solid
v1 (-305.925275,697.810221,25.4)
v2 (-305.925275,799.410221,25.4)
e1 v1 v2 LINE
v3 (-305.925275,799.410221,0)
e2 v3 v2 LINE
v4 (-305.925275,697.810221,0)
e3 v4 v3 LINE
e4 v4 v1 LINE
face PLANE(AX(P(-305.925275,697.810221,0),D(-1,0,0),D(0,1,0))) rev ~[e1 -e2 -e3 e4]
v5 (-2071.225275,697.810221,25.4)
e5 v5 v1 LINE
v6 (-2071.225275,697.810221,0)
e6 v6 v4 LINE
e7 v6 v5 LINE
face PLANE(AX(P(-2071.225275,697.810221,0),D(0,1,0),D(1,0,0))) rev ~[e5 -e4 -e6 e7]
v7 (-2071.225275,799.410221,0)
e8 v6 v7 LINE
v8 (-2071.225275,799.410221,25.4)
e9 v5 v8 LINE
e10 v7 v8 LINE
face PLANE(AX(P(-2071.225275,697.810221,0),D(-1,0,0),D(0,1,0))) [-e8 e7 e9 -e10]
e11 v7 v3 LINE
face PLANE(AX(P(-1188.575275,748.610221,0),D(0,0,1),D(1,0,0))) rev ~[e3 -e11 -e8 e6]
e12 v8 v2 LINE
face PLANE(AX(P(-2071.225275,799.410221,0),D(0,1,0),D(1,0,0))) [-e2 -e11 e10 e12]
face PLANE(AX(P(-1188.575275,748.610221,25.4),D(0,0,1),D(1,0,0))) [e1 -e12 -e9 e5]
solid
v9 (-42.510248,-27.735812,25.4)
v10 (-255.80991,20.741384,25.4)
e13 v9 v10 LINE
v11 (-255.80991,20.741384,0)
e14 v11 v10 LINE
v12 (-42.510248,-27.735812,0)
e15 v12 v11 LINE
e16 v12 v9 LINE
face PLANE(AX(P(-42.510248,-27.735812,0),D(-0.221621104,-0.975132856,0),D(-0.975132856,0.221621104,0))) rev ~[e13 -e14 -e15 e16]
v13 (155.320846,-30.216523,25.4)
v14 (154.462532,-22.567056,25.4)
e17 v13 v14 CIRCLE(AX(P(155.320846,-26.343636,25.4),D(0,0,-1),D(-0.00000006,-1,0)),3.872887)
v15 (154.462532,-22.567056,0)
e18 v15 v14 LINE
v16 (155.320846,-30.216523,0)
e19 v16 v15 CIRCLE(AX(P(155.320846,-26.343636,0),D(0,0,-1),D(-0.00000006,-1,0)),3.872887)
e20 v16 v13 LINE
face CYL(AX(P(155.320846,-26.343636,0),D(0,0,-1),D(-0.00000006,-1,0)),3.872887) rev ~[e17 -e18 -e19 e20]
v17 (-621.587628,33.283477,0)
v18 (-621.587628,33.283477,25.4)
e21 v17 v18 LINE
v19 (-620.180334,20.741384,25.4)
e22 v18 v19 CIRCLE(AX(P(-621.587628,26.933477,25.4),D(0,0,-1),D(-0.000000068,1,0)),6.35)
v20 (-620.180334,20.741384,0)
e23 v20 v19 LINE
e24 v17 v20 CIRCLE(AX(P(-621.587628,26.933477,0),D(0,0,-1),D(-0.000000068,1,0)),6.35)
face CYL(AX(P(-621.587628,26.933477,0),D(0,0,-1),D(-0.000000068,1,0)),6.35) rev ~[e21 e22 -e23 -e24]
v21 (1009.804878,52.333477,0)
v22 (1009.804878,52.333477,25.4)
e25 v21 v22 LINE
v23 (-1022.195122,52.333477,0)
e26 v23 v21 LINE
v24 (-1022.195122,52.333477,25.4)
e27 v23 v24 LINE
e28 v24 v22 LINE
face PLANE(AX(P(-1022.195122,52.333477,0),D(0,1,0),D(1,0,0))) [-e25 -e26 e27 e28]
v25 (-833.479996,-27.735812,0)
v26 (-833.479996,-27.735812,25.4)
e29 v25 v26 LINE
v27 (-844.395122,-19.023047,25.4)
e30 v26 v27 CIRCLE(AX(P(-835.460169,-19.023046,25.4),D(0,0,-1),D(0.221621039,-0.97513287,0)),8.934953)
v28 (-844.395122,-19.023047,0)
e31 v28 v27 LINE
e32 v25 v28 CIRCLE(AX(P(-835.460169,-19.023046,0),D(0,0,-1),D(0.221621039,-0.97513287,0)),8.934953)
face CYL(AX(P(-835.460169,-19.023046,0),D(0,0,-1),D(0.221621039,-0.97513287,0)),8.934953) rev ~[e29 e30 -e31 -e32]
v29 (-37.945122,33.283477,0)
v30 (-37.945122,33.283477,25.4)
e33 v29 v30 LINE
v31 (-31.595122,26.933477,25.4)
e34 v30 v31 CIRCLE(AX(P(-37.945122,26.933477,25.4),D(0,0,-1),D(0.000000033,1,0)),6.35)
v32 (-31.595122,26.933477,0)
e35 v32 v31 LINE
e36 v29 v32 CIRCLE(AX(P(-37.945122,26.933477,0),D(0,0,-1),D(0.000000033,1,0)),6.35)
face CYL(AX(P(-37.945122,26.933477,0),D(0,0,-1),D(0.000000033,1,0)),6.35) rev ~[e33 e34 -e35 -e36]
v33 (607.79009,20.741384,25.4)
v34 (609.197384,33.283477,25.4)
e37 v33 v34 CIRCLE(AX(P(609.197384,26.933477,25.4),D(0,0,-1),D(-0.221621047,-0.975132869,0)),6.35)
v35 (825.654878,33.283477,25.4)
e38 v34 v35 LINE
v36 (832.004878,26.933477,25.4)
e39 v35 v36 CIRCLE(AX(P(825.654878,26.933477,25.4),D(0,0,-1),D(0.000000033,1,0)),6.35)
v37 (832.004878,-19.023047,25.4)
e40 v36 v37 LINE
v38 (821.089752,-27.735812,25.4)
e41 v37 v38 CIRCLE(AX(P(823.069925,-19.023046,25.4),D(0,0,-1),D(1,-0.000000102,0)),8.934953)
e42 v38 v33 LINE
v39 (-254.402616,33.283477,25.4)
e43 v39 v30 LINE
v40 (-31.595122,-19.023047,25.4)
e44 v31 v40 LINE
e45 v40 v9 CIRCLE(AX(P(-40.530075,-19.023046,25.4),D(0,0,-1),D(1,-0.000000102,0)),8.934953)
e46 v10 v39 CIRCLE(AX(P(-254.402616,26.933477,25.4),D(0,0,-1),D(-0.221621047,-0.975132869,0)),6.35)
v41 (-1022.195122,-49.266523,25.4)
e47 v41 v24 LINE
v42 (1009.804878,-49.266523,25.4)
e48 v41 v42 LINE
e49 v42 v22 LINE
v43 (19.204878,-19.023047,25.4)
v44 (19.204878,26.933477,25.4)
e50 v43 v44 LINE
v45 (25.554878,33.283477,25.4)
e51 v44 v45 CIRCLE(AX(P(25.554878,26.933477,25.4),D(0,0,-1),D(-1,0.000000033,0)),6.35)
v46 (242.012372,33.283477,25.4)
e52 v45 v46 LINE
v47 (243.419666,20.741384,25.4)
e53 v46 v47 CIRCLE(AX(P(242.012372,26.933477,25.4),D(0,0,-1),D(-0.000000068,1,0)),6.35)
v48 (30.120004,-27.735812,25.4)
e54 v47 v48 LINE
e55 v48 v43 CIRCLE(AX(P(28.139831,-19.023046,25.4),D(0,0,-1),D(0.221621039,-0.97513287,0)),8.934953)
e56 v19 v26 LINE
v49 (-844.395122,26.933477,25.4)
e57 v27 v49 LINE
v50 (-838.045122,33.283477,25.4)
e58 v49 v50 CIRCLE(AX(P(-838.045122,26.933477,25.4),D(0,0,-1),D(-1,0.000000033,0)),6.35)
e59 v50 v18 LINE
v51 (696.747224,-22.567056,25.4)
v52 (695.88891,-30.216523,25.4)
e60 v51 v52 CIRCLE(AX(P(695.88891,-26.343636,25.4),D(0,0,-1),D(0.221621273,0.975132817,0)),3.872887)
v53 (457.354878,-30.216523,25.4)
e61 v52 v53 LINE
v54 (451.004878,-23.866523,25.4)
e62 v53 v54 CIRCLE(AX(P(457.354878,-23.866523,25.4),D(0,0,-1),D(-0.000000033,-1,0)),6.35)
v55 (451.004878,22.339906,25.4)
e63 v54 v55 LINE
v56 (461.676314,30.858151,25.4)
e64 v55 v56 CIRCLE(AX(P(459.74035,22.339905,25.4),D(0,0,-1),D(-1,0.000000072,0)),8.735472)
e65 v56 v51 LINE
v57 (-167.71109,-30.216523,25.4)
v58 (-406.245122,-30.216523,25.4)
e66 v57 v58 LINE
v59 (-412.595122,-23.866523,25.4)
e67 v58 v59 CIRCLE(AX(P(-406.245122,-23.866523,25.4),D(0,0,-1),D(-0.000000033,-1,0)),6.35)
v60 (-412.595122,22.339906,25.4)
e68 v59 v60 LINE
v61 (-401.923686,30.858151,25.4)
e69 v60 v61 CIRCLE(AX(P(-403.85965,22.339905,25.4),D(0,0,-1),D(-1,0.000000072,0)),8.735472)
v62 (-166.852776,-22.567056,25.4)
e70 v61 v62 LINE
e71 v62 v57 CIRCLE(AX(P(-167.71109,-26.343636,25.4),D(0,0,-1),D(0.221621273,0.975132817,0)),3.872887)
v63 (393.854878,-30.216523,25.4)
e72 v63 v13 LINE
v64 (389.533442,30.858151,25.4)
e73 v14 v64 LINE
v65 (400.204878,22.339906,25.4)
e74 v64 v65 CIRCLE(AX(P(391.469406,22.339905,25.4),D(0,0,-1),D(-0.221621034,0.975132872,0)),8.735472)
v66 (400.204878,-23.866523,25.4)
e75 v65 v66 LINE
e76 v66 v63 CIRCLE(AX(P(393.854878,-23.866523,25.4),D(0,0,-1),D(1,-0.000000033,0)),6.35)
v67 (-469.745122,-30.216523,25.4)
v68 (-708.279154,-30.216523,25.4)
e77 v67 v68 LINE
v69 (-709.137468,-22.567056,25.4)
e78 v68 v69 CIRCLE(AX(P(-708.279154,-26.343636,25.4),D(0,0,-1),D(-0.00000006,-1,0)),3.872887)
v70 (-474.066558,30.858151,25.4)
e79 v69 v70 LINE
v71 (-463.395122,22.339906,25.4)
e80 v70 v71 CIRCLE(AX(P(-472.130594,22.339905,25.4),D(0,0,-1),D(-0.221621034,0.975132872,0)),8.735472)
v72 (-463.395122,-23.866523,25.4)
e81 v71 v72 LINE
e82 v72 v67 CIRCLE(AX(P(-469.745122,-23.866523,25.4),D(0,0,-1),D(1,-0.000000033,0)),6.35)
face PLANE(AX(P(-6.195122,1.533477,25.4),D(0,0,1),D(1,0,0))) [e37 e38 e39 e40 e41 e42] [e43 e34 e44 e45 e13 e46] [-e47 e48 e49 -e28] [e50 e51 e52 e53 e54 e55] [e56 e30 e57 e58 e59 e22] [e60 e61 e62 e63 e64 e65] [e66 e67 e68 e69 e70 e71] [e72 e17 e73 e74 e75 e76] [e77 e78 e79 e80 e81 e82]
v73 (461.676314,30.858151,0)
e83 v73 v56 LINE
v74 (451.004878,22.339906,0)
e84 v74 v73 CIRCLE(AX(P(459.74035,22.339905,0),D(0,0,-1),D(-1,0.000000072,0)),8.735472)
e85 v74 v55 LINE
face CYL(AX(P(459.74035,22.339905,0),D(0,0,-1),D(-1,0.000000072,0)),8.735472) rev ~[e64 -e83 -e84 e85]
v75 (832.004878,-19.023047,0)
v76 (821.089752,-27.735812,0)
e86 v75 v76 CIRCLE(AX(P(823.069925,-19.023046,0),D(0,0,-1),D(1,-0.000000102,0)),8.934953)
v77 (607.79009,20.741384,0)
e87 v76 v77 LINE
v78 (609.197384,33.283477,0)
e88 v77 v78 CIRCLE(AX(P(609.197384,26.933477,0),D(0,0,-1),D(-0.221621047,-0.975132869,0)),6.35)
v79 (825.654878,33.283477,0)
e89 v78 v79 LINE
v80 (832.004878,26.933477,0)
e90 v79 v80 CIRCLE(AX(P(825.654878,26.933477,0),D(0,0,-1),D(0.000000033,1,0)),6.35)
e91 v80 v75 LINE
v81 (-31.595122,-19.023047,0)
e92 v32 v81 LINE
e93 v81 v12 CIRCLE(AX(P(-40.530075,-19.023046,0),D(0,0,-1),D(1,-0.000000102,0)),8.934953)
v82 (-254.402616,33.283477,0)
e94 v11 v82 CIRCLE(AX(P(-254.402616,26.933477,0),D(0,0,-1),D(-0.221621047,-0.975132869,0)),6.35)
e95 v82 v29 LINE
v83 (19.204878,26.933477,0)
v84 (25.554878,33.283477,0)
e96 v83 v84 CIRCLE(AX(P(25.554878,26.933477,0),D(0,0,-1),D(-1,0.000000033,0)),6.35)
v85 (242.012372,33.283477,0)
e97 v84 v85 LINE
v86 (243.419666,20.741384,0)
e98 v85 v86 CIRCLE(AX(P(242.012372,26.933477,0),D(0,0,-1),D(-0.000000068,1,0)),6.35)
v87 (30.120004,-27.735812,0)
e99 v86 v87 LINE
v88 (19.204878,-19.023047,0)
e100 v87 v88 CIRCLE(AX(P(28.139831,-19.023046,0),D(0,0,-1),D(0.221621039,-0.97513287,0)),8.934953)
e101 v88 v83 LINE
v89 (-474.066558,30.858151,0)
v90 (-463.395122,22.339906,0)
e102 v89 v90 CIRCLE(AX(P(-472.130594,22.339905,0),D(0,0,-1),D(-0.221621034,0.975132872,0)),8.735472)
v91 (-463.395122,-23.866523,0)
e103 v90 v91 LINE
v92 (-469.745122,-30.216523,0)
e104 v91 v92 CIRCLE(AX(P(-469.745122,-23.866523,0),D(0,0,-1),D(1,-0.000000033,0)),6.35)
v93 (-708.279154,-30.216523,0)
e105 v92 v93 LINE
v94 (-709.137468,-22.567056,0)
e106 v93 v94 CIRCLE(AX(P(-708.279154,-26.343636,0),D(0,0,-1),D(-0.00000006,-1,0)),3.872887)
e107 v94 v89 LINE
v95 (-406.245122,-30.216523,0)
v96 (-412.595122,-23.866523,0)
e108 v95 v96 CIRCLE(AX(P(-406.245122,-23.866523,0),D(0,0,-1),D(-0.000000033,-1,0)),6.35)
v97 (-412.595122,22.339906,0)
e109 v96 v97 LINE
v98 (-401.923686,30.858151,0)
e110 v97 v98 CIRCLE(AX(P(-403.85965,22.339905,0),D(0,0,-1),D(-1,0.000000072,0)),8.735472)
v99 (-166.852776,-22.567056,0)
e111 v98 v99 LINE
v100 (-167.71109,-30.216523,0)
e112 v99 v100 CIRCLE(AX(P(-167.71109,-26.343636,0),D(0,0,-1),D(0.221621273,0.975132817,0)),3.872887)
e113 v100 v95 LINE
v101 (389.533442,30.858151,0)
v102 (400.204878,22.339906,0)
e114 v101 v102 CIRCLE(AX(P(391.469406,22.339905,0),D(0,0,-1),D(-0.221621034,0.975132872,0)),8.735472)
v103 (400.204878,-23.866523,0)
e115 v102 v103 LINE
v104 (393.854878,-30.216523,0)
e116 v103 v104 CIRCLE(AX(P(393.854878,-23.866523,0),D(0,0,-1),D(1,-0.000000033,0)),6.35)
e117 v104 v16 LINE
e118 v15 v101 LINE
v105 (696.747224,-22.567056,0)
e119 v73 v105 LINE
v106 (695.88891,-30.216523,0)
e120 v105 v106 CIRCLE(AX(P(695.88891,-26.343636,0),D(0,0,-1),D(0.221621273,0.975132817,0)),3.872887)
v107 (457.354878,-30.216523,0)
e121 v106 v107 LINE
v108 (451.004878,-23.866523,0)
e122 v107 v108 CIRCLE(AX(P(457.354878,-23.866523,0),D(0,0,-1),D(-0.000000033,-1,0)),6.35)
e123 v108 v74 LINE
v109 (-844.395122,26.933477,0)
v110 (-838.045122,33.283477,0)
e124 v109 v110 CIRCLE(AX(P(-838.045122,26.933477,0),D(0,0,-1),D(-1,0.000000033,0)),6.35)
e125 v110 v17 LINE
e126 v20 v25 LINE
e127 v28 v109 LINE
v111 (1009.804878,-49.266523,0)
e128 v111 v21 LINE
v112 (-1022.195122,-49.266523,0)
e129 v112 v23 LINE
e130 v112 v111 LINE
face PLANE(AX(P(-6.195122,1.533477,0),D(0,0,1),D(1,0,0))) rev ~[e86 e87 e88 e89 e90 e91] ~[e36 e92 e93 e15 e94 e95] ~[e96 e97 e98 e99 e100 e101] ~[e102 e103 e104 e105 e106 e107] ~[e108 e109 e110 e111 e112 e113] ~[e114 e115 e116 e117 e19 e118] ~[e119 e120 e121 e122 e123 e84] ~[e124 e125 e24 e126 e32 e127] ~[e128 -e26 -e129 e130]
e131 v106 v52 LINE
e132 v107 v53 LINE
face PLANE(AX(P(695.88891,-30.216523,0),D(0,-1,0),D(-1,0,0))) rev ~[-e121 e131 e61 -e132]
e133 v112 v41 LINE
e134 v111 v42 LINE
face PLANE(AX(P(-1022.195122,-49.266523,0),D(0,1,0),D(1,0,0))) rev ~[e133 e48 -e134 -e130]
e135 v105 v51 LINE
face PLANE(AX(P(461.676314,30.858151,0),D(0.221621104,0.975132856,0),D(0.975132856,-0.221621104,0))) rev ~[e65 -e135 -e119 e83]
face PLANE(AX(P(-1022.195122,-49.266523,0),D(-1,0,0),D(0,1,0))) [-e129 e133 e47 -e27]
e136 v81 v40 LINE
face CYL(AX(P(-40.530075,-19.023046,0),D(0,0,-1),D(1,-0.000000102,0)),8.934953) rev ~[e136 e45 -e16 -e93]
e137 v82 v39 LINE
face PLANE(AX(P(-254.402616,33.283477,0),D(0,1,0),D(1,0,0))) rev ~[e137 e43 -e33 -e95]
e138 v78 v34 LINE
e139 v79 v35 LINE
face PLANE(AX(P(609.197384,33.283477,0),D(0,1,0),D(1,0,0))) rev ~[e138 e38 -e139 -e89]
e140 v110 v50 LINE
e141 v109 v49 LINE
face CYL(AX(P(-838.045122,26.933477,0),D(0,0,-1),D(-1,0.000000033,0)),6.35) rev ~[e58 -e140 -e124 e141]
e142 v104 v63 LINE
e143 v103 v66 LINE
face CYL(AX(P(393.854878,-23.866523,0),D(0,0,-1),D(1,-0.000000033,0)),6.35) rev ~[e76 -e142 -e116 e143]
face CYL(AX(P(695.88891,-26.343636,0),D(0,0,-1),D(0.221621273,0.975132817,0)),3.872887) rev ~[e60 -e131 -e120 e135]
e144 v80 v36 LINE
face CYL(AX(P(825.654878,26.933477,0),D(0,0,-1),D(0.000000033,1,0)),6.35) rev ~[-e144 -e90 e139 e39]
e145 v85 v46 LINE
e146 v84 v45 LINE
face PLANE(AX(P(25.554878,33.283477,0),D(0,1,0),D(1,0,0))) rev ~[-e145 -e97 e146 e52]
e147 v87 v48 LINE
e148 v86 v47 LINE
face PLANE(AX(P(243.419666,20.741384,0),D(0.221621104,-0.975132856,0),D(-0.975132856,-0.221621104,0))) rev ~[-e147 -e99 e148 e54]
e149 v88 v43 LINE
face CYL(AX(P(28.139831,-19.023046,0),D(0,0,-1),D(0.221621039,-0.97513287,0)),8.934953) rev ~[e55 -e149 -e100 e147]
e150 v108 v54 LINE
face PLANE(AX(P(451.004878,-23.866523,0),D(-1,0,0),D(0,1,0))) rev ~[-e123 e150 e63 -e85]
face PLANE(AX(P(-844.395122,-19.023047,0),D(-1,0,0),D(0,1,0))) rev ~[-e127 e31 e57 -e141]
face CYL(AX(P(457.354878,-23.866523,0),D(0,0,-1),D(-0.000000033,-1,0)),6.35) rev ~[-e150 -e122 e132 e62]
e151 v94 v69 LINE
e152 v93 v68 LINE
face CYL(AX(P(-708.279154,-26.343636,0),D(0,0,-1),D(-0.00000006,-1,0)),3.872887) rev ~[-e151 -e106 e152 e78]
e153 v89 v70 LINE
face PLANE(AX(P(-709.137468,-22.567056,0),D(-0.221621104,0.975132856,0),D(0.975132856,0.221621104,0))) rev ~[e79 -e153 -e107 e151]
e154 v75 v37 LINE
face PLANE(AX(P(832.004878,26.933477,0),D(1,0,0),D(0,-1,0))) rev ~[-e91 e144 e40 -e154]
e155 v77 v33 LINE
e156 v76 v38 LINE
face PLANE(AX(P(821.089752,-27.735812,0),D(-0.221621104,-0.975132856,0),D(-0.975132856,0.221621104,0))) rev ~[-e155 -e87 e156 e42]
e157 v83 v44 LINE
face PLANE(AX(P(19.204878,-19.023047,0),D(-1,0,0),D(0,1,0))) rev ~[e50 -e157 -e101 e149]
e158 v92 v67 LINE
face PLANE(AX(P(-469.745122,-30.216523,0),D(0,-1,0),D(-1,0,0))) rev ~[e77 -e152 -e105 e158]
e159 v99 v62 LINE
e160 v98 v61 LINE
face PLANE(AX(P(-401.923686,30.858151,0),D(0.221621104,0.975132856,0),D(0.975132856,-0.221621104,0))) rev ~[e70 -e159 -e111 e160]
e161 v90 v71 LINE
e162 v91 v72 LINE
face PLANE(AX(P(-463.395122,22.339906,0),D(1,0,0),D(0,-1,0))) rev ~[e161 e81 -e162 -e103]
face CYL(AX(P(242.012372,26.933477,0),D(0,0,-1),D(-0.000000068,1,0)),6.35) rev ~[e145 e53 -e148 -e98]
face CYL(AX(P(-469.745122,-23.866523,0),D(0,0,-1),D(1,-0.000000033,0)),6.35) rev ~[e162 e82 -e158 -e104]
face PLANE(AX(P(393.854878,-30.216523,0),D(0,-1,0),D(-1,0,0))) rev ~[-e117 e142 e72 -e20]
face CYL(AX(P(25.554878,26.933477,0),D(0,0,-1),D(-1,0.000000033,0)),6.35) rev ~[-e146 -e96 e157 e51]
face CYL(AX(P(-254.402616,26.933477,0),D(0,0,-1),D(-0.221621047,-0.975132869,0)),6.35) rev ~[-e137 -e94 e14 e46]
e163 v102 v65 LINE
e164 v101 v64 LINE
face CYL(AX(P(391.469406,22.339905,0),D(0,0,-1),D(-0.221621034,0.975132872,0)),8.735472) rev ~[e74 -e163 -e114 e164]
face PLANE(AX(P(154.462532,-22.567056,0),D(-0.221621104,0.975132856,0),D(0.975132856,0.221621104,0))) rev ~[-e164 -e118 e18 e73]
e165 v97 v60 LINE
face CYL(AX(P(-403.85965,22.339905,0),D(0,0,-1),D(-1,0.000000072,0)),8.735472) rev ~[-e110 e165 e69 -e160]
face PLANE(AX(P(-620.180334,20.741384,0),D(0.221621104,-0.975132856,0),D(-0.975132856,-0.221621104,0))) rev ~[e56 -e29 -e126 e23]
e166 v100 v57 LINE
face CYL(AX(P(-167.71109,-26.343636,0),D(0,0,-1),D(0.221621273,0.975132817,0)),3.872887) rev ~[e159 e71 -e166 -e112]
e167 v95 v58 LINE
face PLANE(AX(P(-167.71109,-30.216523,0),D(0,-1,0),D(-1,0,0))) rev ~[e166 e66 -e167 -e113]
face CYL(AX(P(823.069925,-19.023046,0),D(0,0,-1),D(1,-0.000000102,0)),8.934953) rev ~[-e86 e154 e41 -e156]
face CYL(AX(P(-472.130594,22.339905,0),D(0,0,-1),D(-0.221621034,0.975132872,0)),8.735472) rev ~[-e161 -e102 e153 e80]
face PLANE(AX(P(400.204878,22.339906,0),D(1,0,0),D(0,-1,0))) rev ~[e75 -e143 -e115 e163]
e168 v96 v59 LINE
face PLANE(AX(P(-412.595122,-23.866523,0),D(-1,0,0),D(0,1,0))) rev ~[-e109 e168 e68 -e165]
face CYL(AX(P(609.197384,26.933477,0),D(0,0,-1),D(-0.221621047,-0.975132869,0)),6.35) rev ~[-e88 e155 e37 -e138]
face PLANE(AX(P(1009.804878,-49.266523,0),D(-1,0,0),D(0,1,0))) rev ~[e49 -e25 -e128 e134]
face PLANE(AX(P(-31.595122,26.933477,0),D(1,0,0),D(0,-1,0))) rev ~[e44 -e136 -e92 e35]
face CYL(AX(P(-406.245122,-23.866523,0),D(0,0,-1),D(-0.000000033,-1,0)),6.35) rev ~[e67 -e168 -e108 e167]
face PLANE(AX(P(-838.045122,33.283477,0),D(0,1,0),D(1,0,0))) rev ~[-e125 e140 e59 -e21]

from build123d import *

# Parameters (mm, degrees)
F0_W     = 2032
F0_H     = 101.6
F1_DEPTH = 25.4
F0_W_2   = 1765.3
F2_DEPTH = 25.4


with BuildPart() as f1:
    # F0 (on Top) → F1 (new body)
    with BuildSketch(Plane.XY):
        with Locations((-6.195122, 1.533477)):
            Rectangle(F0_W, F0_H)
        with BuildLine():
            ThreePointArc((-833.479996, -27.735812), (-841.034244, -26.006102), (-844.395122, -19.023047))
            Line((-844.395122, -19.023047), (-844.395122, 26.933477))
            ThreePointArc((-844.395122, 26.933477), (-842.53525, 31.423605), (-838.045122, 33.283477))
            Line((-838.045122, 33.283477), (-621.587628, 33.283477))
            ThreePointArc((-621.587628, 33.283477), (-615.277228, 27.64154), (-620.180334, 20.741384))
            Line((-620.180334, 20.741384), (-833.479996, -27.735812))
        make_face(mode=Mode.SUBTRACT)
        with BuildLine():
            ThreePointArc((-463.395122, -23.866523), (-465.254994, -28.356651), (-469.745122, -30.216523))
            Line((-469.745122, -30.216523), (-708.279154, -30.216523))
            ThreePointArc((-708.279154, -30.216523), (-712.127889, -26.775485), (-709.137468, -22.567056))
            Line((-709.137468, -22.567056), (-474.066558, 30.858151))
            ThreePointArc((-474.066558, 30.858151), (-466.680965, 29.167058), (-463.395122, 22.339906))
            Line((-463.395122, 22.339906), (-463.395122, -23.866523))
        make_face(mode=Mode.SUBTRACT)
        with BuildLine():
            Line((-401.923686, 30.858151), (-166.852776, -22.567056))
            ThreePointArc((-166.852776, -22.567056), (-163.862355, -26.775485), (-167.71109, -30.216523))
            Line((-167.71109, -30.216523), (-406.245122, -30.216523))
            ThreePointArc((-406.245122, -30.216523), (-410.73525, -28.356651), (-412.595122, -23.866523))
            Line((-412.595122, -23.866523), (-412.595122, 22.339906))
            ThreePointArc((-412.595122, 22.339906), (-409.309279, 29.167058), (-401.923686, 30.858151))
        make_face(mode=Mode.SUBTRACT)
        with BuildLine():
            Line((-254.402616, 33.283477), (-37.945122, 33.283477))
            ThreePointArc((-37.945122, 33.283477), (-33.454994, 31.423605), (-31.595122, 26.933477))
            Line((-31.595122, 26.933477), (-31.595122, -19.023047))
            ThreePointArc((-31.595122, -19.023047), (-34.956, -26.006102), (-42.510248, -27.735812))
            Line((-42.510248, -27.735812), (-255.80991, 20.741384))
            ThreePointArc((-255.80991, 20.741384), (-260.713016, 27.64154), (-254.402616, 33.283477))
        make_face(mode=Mode.SUBTRACT)
        with BuildLine():
            Line((19.204878, -19.023047), (19.204878, 26.933477))
            ThreePointArc((19.204878, 26.933477), (21.06475, 31.423605), (25.554878, 33.283477))
            Line((25.554878, 33.283477), (242.012372, 33.283477))
            ThreePointArc((242.012372, 33.283477), (248.322772, 27.64154), (243.419666, 20.741384))
            Line((243.419666, 20.741384), (30.120004, -27.735812))
            ThreePointArc((30.120004, -27.735812), (22.565756, -26.006102), (19.204878, -19.023047))
        make_face(mode=Mode.SUBTRACT)
        with BuildLine():
            ThreePointArc((389.533442, 30.858151), (396.919035, 29.167058), (400.204878, 22.339906))
            Line((400.204878, 22.339906), (400.204878, -23.866523))
            ThreePointArc((400.204878, -23.866523), (398.345006, -28.356651), (393.854878, -30.216523))
            Line((393.854878, -30.216523), (155.320846, -30.216523))
            ThreePointArc((155.320846, -30.216523), (151.472111, -26.775485), (154.462532, -22.567056))
            Line((154.462532, -22.567056), (389.533442, 30.858151))
        make_face(mode=Mode.SUBTRACT)
        with BuildLine():
            Line((695.88891, -30.216523), (457.354878, -30.216523))
            ThreePointArc((457.354878, -30.216523), (452.86475, -28.356651), (451.004878, -23.866523))
            Line((451.004878, -23.866523), (451.004878, 22.339906))
            ThreePointArc((451.004878, 22.339906), (454.290721, 29.167058), (461.676314, 30.858151))
            Line((461.676314, 30.858151), (696.747224, -22.567056))
            ThreePointArc((696.747224, -22.567056), (699.737645, -26.775485), (695.88891, -30.216523))
        make_face(mode=Mode.SUBTRACT)
        with BuildLine():
            Line((832.004878, 26.933477), (832.004878, -19.023047))
            ThreePointArc((832.004878, -19.023047), (828.644, -26.006102), (821.089752, -27.735812))
            Line((821.089752, -27.735812), (607.79009, 20.741384))
            ThreePointArc((607.79009, 20.741384), (602.886984, 27.64154), (609.197384, 33.283477))
            Line((609.197384, 33.283477), (825.654878, 33.283477))
            ThreePointArc((825.654878, 33.283477), (830.145006, 31.423605), (832.004878, 26.933477))
        make_face(mode=Mode.SUBTRACT)
    extrude(amount=F1_DEPTH)


with BuildPart() as f2:
    # F0 (on Top) → F2 (new body)
    with BuildSketch(Plane.XY):
        with Locations((-1188.575275, 748.610221)):
            Rectangle(F0_W_2, F0_H)
    extrude(amount=F2_DEPTH)


solid = Compound([f1.part, f2.part])
